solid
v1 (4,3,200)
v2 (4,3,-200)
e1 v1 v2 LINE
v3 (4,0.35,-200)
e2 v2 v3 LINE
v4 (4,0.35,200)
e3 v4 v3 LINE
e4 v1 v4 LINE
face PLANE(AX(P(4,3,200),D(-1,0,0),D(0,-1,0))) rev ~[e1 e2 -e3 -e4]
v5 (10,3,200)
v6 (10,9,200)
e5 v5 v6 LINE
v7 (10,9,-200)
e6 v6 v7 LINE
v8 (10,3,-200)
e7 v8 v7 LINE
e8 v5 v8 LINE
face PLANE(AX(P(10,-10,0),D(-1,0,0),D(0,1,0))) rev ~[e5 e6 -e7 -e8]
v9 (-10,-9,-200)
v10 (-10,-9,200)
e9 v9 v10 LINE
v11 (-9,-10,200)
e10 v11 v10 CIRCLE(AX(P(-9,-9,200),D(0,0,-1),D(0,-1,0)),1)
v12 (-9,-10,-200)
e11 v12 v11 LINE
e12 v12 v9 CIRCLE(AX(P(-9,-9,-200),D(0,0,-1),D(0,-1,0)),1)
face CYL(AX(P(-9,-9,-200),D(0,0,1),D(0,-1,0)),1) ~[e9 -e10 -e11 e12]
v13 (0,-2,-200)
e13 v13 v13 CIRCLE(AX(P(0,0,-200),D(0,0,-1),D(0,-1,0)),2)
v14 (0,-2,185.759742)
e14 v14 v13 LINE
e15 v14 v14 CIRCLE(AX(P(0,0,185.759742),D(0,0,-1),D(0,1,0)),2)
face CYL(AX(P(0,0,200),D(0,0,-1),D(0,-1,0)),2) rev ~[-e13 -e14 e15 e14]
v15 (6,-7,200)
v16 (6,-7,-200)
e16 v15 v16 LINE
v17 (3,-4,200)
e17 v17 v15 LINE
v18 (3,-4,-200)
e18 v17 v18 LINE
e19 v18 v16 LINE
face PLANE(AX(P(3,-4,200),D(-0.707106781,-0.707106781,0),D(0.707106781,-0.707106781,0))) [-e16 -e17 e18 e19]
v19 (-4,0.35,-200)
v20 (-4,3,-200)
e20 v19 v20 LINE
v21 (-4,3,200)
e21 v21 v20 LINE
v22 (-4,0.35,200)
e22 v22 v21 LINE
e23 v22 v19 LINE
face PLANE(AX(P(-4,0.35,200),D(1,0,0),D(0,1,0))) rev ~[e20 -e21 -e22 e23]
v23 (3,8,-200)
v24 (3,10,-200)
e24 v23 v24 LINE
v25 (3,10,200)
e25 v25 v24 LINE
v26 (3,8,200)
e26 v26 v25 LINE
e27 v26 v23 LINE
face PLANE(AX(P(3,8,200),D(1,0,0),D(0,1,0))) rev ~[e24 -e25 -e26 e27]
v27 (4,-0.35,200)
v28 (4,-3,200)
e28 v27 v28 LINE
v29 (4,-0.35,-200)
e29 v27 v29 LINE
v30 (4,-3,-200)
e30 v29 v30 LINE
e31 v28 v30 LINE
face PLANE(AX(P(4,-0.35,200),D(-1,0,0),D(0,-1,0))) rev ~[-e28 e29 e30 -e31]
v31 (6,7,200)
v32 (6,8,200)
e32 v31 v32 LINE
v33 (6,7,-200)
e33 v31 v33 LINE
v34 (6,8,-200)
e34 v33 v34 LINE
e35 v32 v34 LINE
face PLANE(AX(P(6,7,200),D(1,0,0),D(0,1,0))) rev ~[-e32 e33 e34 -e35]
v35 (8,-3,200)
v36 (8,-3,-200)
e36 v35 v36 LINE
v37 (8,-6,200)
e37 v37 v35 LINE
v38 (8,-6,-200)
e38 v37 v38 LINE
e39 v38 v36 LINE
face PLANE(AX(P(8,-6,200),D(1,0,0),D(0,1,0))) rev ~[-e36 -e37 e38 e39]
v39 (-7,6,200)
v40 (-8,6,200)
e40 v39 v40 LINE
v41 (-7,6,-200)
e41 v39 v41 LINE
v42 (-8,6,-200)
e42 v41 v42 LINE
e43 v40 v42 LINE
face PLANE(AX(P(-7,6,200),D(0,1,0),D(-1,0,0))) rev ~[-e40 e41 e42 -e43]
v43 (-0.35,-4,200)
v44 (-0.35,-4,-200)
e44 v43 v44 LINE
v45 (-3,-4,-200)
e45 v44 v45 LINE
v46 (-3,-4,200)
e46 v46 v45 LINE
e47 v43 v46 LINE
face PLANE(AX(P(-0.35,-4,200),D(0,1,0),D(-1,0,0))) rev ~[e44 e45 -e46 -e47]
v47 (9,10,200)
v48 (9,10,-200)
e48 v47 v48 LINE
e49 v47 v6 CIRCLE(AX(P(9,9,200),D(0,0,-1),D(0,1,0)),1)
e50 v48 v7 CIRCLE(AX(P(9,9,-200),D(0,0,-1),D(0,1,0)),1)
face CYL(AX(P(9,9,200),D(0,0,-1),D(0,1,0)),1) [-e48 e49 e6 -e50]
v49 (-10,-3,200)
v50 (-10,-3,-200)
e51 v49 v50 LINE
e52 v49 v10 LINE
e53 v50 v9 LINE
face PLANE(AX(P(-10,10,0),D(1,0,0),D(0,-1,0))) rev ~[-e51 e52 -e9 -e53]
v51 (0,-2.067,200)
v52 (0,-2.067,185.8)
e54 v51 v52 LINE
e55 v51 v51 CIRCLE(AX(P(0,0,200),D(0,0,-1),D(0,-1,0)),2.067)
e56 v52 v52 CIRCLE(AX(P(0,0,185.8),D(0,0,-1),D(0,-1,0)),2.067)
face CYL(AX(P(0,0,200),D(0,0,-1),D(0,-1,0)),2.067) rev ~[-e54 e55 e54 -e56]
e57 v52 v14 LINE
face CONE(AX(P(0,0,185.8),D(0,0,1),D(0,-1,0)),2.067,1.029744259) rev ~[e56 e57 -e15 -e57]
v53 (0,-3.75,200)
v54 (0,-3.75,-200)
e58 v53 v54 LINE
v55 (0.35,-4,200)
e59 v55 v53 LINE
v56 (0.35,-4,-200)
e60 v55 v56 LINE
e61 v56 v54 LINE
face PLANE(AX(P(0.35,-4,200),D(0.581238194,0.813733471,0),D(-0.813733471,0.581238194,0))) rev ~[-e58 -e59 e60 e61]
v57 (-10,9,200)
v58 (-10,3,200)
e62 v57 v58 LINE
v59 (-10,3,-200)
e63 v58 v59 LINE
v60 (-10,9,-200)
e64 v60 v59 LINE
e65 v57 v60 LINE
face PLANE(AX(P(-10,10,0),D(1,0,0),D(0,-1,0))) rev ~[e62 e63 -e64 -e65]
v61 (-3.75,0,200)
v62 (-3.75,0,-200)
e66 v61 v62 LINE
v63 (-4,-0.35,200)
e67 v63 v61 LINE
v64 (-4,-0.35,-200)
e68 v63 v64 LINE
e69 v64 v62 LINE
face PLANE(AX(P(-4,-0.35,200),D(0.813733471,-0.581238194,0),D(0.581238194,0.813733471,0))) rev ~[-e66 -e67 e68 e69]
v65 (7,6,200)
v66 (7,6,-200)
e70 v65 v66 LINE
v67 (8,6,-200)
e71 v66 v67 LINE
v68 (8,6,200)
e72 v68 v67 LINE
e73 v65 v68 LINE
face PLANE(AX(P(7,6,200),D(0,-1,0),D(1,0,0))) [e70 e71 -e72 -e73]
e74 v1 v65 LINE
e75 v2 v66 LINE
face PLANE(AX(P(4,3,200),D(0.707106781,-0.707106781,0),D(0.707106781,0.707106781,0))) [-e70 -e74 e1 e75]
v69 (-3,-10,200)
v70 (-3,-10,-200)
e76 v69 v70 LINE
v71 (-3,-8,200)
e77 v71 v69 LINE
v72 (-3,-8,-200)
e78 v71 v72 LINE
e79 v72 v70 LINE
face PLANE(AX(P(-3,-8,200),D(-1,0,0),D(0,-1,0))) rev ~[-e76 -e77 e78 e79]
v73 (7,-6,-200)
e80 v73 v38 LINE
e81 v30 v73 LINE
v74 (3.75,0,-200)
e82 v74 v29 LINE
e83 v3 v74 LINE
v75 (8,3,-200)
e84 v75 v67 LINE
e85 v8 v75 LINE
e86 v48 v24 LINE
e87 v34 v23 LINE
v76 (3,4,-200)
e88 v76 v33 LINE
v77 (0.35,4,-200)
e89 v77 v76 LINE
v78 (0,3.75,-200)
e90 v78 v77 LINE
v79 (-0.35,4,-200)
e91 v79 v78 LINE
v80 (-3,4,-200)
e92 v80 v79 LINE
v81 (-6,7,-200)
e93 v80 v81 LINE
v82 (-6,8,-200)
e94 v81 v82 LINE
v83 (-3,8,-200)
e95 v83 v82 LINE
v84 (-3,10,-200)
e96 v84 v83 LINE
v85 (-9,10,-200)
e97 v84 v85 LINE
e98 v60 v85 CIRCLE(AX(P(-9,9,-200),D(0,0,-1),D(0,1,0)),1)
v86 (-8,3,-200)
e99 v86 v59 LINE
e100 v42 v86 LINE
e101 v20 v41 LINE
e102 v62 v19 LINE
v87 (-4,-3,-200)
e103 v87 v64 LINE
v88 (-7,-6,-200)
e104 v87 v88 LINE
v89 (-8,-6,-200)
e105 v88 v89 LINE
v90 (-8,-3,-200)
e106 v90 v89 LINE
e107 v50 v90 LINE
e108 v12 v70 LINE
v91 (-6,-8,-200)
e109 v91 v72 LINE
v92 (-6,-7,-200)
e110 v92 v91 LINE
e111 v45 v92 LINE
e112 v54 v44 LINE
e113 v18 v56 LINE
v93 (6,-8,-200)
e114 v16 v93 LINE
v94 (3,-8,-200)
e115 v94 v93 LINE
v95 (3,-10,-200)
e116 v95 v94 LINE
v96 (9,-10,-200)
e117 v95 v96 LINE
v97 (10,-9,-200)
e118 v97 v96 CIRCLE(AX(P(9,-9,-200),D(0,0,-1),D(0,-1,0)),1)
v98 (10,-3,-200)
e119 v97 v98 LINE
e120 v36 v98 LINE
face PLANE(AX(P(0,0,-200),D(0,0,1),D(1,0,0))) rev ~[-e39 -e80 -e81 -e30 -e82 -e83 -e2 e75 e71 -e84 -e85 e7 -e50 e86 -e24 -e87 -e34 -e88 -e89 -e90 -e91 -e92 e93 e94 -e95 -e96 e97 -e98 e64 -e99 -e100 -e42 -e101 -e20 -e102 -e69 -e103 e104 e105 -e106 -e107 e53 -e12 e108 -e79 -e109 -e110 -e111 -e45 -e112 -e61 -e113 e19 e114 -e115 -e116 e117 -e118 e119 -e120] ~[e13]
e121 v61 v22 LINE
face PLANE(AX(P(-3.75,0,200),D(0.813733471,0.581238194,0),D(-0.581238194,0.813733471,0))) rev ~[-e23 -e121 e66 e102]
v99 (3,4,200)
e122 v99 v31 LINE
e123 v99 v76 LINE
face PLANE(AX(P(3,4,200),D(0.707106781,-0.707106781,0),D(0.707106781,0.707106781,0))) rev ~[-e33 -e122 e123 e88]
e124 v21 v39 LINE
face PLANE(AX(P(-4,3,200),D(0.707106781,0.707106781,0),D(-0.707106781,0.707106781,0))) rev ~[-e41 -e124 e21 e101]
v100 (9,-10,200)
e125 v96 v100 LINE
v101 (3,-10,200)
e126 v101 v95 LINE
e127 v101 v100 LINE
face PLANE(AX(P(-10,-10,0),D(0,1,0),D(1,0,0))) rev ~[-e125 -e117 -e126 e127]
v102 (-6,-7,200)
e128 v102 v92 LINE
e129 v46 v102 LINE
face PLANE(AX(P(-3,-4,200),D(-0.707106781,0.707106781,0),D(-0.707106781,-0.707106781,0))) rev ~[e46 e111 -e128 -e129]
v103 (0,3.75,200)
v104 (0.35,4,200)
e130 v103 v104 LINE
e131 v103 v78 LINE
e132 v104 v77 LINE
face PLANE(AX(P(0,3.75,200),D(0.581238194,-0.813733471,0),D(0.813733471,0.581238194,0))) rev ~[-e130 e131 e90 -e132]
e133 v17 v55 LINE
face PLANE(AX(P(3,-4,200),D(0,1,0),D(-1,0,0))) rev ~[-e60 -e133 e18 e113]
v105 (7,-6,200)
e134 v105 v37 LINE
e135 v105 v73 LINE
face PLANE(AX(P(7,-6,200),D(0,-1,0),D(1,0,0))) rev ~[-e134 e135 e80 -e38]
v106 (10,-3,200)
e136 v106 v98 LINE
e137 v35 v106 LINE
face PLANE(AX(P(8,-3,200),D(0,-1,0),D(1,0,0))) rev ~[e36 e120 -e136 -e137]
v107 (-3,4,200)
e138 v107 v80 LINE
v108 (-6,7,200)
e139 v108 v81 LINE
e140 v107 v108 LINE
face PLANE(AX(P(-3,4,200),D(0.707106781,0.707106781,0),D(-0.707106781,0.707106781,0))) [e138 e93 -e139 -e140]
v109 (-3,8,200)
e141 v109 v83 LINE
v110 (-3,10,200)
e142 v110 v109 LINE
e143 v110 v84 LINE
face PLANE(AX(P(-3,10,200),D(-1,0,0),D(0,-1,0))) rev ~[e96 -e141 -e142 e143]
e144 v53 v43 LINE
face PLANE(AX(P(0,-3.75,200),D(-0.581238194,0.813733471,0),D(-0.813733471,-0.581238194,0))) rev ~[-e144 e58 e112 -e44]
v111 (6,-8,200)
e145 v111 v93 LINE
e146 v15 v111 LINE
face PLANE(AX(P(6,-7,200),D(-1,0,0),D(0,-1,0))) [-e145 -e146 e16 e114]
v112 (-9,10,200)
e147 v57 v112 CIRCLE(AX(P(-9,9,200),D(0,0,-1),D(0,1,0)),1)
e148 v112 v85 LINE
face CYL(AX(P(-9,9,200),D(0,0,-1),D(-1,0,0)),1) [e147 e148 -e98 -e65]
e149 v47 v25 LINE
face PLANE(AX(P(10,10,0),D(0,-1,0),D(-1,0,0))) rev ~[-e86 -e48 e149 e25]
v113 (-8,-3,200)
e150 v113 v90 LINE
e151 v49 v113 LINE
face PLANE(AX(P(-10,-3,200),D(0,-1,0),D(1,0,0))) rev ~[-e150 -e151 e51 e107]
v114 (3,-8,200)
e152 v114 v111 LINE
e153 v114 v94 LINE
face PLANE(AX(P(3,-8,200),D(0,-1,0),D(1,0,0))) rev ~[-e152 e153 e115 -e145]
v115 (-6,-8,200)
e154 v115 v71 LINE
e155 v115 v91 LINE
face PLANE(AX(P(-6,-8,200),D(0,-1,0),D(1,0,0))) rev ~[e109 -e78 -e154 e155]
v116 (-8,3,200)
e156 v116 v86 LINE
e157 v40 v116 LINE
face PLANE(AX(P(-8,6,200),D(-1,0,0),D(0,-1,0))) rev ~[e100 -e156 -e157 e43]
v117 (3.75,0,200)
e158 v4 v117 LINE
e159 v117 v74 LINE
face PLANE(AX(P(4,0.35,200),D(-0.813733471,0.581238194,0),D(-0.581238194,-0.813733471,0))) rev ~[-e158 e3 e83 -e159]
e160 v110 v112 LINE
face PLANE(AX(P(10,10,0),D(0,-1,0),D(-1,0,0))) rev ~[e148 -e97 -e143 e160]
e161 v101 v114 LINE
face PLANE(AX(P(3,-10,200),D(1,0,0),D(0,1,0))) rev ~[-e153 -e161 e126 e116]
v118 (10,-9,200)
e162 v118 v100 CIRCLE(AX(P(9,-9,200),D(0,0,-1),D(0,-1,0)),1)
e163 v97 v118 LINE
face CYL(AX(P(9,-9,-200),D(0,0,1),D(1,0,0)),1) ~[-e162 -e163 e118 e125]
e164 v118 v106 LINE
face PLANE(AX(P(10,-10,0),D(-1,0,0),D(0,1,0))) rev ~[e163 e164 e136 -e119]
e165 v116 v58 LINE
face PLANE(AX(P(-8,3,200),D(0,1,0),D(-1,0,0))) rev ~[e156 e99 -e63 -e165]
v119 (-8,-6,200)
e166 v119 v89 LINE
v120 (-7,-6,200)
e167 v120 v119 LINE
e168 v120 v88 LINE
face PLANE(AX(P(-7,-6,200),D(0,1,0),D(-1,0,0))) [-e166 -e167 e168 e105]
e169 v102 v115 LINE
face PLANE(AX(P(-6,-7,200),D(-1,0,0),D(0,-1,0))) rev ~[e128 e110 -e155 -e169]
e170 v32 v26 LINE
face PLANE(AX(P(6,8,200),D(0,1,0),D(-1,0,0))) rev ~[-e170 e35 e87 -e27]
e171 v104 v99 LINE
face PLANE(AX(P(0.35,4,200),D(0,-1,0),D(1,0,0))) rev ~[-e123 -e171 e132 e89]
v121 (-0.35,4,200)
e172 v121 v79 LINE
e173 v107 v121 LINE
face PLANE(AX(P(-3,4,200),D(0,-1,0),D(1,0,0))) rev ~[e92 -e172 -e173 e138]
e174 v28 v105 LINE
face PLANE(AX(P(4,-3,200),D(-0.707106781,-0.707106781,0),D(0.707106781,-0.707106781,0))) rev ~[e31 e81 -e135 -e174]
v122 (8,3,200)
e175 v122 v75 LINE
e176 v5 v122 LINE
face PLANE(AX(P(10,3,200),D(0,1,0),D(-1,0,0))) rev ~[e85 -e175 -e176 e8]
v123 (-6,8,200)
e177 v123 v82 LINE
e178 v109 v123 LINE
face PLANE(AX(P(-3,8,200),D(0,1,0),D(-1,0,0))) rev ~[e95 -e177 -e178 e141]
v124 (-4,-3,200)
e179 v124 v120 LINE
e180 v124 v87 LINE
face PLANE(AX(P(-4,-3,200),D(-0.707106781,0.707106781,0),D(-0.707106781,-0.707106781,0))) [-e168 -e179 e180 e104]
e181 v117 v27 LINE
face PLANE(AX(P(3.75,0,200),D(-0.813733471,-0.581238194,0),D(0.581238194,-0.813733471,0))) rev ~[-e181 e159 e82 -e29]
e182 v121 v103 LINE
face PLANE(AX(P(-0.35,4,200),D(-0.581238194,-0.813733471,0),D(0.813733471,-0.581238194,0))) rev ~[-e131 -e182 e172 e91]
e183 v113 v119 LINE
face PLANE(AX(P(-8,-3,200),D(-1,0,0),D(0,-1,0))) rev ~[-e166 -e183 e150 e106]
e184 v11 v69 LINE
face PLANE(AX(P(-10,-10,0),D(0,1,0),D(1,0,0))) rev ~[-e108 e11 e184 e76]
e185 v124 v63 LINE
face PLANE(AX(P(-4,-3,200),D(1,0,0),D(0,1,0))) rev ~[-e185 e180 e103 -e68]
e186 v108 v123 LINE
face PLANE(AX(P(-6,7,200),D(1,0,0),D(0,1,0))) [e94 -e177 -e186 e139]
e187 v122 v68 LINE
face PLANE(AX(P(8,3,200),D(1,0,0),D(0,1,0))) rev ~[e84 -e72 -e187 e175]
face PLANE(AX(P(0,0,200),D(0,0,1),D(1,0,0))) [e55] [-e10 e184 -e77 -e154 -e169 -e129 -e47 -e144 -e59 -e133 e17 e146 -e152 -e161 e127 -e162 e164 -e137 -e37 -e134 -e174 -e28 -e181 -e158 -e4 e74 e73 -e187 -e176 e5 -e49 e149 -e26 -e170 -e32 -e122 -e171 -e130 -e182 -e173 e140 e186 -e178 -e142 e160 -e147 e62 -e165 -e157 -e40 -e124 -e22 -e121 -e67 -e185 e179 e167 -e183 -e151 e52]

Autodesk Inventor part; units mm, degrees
ref_plane "YZ Plane" through (0, 0, 0) normal (1, 0, 0) x (0, 1, 0)
ref_plane "XZ Plane" through (0, 0, 0) normal (0, 1, 0) x (-1, 0, 0)
ref_plane "XY Plane" through (0, 0, 0) normal (0, 0, 1) x (1, 0, 0)
sketch "Sketch1" plane through (0, 0, 0) normal (0, 0, 1) x (1, 0, 0)
  line L0 (-10, -10) -> (10, -10)
  line L1 (10, -10) -> (10, 10)
  line L2 (10, 10) -> (-10, 10)
  line L3 (-10, 10) -> (-10, -10)
  line L4 (-10, -10) -> (10, 10) construction
  line L5 (10, -10) -> (-10, 10) construction
  point P0 (0, 0)
  dimension "d0" = 20
  dimension "d1" = 20
extrude "Extrusion1" add sketch "Sketch1" along normal mid plane 400
sketch "Sketch2" plane through (0, 0, 200) normal (0, 0, 1) x (1, 0, 0)
  line L0 (-10, -10) -> (10, -10) projected
  line L1 (10, -10) -> (10, 10) projected
  line L2 (10, 10) -> (-10, 10) projected
  line L3 (-10, 10) -> (-10, -10) projected
  line L4 (10, 10) -> (-10, 10) projected
  line L5 (-3, 10) -> (-3, 8)
  line L6 (-3, 8) -> (-6, 8)
  line L7 (-3, 4) -> (3, 4)
  line L8 (6, 8) -> (3, 8)
  line L9 (3, 8) -> (3, 10)
  line L10 (-3, 4) -> (-6, 7)
  line L11 (-6, 7) -> (-6, 8)
  line L12 (3, 4) -> (6, 7)
  line L13 (6, 7) -> (6, 8)
  line L14 (-0.35, 4) -> (0, 3.75)
  line L15 (0, 3.75) -> (0.35, 4)
  point P0 (0, 0)
  point P1 (0, 4)
  dimension "d5" = 2
  dimension "d6" = 4
  dimension "d7" = 12
  dimension "d8" = 6
  dimension "d9" = 1
  dimension "d10" = 6
  dimension "d11" = 6
  dimension "d25" = 0.25
  dimension "d26" = 0.7
extrude "Extrusion2" cut sketch "Sketch2" against normal through all contours L2 L9 L8 L13 L12 L7 L10 L11 L6 L5 | L7 L15 L14
pattern_circular "Circular Pattern1" count 4 over 360 about axis through (0, 0, -10) along (0, 0, 1) of "Extrusion2"
fillet "Fillet1" radius 1 4 edges at (10, 10, 0) (10, -10, 0) (-10, 10, 0) (-10, -10, 0)
sketch "Sketch3" plane through (0, 0, 200) normal (0, 0, 1) x (1, 0, 0)
  point P0 (0, 0)
  point P1 (-0.1169, 0.6773)
hole "Hole1" at (0, 0, 200) direction (0, 0, -1) diameter 4 end through all
sketch "Sketch5" plane through (0, 0, 200) normal (0, 0, 1) x (1, 0, 0)
  circle A0 centre (0, 0) radius 2 projected
hole "Hole2" at (0, 0, 200) direction (0, 0, -1) diameter 4.134 depth 14.2 tip angle 118 thread size "M5x0.8" class "6H" standard "ANSI Metric M Profile"
properties part number "20x20 Extrusion with threaded end" material "Aluminum 6061"
